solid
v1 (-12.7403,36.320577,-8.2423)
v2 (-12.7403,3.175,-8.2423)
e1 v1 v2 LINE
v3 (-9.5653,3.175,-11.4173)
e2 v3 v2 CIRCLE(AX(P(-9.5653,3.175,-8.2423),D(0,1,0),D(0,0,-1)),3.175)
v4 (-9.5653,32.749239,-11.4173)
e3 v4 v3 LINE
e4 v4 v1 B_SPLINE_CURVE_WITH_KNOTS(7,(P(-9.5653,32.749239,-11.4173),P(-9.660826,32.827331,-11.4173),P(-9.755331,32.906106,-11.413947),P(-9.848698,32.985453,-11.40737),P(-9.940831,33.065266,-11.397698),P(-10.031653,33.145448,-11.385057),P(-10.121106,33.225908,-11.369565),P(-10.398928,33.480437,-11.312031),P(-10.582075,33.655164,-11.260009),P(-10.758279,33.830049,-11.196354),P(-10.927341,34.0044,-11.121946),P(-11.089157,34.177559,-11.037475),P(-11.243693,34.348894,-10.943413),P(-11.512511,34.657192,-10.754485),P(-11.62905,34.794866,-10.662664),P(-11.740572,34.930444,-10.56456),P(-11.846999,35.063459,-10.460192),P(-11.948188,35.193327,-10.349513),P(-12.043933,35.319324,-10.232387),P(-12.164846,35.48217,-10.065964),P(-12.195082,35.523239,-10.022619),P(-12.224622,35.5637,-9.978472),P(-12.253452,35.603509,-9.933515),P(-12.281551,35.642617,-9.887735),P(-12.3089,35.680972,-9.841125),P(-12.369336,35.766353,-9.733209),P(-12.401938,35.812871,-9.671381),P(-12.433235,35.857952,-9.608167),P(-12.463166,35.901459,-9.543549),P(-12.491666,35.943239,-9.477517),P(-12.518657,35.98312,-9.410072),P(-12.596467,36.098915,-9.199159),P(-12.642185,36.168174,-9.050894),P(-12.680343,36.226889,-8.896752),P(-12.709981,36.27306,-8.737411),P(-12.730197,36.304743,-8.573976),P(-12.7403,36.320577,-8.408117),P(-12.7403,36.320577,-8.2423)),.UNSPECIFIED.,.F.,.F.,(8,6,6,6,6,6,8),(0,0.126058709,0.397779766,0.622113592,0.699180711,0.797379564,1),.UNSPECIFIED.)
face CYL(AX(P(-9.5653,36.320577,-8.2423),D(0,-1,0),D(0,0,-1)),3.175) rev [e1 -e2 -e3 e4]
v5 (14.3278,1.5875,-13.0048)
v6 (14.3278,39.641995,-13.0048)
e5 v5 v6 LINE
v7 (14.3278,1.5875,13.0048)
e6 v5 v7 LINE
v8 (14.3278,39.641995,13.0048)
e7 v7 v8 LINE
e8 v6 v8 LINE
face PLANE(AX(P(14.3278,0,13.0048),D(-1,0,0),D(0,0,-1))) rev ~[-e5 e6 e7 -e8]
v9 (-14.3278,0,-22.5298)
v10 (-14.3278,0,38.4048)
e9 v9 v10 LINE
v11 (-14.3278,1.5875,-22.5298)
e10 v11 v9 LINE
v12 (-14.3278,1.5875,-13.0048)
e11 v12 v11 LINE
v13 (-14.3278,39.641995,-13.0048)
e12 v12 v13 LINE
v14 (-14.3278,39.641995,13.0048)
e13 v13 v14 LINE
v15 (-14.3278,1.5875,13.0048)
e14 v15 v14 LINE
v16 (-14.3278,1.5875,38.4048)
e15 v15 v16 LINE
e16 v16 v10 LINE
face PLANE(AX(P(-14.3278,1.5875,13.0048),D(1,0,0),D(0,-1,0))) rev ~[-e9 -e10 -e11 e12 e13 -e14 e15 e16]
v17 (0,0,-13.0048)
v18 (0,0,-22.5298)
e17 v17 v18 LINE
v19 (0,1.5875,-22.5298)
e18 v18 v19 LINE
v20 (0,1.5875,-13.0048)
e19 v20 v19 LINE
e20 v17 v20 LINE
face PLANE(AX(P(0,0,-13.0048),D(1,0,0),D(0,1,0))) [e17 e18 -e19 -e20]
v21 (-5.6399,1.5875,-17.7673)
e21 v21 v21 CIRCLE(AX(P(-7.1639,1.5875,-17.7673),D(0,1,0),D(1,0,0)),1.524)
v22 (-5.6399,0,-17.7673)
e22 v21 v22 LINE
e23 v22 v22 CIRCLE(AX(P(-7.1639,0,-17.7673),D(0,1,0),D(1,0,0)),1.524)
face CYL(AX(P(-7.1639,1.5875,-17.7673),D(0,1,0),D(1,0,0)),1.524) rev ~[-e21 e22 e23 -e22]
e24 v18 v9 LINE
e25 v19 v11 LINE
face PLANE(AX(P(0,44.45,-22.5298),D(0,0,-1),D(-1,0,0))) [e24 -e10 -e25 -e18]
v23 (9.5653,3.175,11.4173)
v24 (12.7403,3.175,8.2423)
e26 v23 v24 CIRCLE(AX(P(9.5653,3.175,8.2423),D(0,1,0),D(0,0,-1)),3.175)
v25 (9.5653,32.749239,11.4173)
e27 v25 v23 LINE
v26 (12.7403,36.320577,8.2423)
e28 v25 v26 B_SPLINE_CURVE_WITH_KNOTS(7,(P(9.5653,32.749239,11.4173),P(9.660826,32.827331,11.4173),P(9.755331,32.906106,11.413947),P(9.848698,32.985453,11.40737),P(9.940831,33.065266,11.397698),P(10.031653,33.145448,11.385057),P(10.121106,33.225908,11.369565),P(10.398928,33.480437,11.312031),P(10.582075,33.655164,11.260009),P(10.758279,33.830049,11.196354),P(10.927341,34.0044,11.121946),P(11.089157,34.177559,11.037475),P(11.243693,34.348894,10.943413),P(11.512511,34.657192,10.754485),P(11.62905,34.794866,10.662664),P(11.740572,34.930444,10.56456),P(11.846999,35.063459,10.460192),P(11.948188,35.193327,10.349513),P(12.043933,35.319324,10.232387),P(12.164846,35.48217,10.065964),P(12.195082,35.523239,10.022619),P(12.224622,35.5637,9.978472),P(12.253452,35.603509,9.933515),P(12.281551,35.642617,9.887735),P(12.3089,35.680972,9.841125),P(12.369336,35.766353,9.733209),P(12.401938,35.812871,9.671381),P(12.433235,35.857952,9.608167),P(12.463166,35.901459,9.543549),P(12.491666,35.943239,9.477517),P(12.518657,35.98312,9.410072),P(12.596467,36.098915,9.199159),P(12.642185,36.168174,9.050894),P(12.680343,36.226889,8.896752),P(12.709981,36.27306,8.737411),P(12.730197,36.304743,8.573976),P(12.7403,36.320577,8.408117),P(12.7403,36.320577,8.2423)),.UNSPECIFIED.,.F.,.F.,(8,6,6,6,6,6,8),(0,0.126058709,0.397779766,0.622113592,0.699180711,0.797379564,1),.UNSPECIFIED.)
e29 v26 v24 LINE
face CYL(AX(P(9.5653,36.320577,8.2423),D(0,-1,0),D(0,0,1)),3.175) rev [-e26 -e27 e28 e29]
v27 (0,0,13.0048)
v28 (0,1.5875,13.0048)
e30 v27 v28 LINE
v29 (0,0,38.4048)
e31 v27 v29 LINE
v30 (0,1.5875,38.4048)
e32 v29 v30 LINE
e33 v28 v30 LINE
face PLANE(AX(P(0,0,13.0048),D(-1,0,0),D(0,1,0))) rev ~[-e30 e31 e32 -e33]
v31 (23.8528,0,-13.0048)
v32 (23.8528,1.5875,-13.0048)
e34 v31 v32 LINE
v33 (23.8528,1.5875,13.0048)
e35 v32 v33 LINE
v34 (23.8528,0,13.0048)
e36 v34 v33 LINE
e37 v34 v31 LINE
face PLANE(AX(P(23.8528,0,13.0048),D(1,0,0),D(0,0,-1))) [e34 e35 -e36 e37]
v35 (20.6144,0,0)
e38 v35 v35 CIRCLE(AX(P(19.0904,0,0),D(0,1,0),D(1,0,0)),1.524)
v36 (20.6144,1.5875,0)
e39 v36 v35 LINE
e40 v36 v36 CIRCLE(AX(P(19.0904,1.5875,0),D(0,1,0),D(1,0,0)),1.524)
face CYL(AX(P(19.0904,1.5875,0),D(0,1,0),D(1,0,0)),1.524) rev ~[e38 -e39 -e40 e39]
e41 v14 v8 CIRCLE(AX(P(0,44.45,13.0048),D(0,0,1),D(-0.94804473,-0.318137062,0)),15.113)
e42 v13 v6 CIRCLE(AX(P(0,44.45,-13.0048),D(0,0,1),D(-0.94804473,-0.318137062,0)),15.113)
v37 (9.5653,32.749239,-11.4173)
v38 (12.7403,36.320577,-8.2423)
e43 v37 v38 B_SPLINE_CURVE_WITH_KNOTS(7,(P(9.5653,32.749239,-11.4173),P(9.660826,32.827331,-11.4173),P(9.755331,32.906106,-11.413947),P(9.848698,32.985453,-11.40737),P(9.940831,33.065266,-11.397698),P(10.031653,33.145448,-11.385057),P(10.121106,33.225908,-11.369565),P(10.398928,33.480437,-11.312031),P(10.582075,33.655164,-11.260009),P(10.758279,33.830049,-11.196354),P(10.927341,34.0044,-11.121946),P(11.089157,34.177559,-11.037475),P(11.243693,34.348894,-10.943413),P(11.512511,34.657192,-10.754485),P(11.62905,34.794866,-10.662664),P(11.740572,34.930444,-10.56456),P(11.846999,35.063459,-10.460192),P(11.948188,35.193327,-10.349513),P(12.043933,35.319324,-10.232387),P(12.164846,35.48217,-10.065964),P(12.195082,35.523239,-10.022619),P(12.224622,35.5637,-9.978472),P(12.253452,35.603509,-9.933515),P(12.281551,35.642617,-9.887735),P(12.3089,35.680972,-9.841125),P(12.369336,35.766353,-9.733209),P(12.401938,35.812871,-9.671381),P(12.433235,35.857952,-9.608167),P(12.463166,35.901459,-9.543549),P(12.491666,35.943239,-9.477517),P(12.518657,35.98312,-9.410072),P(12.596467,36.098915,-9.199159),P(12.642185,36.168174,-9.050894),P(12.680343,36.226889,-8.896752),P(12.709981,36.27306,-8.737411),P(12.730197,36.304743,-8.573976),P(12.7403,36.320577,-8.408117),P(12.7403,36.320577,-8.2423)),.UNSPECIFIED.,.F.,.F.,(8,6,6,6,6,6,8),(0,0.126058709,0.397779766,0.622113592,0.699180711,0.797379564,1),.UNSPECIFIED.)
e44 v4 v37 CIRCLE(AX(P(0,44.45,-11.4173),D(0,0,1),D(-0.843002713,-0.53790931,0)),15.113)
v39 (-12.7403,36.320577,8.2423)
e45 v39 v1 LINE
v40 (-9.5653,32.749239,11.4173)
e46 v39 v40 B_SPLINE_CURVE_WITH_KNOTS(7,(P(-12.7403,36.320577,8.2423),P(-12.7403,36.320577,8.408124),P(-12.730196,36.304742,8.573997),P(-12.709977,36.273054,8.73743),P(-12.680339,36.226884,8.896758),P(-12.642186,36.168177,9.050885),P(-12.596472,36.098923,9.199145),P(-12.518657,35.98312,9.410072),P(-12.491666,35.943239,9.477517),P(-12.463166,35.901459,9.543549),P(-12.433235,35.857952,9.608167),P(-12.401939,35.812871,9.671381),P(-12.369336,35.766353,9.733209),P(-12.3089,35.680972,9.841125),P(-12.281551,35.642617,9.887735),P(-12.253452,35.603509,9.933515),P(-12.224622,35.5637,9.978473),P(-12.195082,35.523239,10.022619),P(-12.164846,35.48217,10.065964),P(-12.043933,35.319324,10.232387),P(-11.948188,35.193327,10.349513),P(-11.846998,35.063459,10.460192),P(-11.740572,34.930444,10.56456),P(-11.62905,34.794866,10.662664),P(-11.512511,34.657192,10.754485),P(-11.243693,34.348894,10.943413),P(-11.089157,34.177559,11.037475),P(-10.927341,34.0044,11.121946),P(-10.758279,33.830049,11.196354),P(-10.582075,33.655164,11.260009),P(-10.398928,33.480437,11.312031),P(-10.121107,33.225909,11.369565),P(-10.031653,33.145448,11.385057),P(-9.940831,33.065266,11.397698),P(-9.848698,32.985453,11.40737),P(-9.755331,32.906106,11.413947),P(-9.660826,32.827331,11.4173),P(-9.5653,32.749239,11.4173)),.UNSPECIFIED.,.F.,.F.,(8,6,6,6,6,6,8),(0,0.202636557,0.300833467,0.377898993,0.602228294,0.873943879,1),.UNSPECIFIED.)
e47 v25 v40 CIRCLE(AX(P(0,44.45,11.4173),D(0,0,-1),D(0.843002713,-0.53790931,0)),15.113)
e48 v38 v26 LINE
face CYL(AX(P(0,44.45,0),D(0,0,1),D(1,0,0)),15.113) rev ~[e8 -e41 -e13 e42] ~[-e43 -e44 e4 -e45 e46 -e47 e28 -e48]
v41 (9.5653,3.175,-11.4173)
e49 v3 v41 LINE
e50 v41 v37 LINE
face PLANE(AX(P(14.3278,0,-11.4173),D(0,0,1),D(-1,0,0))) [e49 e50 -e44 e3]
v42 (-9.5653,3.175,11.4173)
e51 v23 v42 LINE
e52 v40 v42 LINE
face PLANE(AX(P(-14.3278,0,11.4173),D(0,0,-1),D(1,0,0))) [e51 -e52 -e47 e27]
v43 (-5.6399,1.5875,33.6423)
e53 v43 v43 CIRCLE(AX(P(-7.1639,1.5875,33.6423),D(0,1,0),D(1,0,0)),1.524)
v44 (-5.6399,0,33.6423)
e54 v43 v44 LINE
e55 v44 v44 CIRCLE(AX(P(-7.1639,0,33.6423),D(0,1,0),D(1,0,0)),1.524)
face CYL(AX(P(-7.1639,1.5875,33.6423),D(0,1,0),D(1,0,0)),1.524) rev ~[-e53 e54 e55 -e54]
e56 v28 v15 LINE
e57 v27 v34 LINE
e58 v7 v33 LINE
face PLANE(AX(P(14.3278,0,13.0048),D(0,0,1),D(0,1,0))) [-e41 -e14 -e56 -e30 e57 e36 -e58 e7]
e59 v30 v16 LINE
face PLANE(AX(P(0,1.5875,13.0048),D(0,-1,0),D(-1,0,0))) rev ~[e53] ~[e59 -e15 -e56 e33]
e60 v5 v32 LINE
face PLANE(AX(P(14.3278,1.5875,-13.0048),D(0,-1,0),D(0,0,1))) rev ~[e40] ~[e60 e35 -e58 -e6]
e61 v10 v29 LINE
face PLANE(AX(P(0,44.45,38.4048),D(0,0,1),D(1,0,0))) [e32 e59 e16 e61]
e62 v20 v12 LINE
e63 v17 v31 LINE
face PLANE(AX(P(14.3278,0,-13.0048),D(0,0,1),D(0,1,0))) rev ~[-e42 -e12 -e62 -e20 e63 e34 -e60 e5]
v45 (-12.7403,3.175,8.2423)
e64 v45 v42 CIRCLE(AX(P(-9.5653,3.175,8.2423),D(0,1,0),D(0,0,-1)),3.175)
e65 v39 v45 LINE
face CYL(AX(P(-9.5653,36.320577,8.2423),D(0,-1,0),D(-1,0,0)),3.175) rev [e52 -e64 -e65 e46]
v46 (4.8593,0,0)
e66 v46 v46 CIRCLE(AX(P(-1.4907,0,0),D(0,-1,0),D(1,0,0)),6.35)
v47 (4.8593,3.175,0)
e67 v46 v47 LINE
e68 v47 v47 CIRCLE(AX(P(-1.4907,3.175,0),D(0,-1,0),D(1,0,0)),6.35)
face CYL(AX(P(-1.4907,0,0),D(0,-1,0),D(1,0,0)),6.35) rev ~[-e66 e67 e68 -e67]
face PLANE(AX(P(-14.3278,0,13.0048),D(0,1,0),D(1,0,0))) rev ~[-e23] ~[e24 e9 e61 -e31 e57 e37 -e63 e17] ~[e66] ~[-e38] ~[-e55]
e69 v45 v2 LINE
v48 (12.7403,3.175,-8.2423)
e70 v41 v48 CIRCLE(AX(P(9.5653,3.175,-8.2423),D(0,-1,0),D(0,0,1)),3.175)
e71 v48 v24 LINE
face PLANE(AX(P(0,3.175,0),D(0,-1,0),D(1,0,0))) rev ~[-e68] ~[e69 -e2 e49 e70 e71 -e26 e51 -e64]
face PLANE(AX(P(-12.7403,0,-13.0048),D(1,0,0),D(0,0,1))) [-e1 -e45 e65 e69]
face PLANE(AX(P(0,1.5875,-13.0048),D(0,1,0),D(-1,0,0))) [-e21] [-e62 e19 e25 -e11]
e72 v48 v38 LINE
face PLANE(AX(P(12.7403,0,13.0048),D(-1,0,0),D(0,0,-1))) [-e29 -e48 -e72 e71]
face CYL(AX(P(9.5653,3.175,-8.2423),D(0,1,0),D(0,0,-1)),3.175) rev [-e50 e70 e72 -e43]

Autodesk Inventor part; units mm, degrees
ref_plane "YZ Plane" through (0, 0, 0) normal (1, 0, 0) x (0, 1, 0)
ref_plane "XZ Plane" through (0, 0, 0) normal (0, 1, 0) x (-1, 0, 0)
ref_plane "XY Plane" through (0, 0, 0) normal (0, 0, 1) x (1, 0, 0)
sketch "Sketch1" plane through (0, 0, 0) normal (0, 1, 0) x (-1, 0, 0)
  line L0 (-14.3278, -13.0048) -> (14.3278, -13.0048)
  line L1 (14.3278, -13.0048) -> (14.3278, 13.0048)
  line L2 (14.3278, 13.0048) -> (-14.3278, 13.0048)
  line L3 (-14.3278, 13.0048) -> (-14.3278, -13.0048)
  line L4 (-14.3278, -13.0048) -> (14.3278, 13.0048) construction
  line L5 (14.3278, -13.0048) -> (-14.3278, 13.0048) construction
  point P0 (0, 0)
  dimension "d0" = 28.6557
  dimension "d1" = 26.0096
extrude "Extrusion1" add sketch "Sketch1" along normal blind 40.1371
shell "Shell1" thickness 1.5875 removed faces 2 at (4.7759, 0, 4.3349) at (4.7759, 40.1371, 4.3349)
sketch "Sketch2" plane through (0, 0, 0) normal (0, 0, 1) x (1, 0, 0)
  line L0 (0, 0) -> (0, 44.45)
  circle A0 centre (0, 44.45) radius 15.113
  dimension "d5" = 44.45
  dimension "d6" = 30.226
extrude "Extrusion2" cut sketch "Sketch2" along normal mid plane 39.1617
sketch "Sketch4" plane through (-14.3278, 0, -13.0048) normal (-1, 0, 0) x (0, 0, 1)
  line L0 (26.0096, 0) -> (26.0096, 39.6421) projected
  line L1 (0, 0) -> (26.0096, 0)
  line L2 (26.0096, 0) -> (26.0096, 3.175)
  line L3 (26.0096, 3.175) -> (0, 3.175)
  line L4 (0, 3.175) -> (0, 0)
  point P0 (13.0048, 0)
extrude "Extrusion4" [suppressed]
sketch "Sketch5" plane through (0, 0, 0) normal (0, -1, 0) x (1, 0, 0)
  line L0 (12.7403, 11.4173) -> (-12.7403, 11.4173)
  line L1 (-12.7403, 11.4173) -> (-12.7403, -11.4173)
  line L2 (-12.7403, -11.4173) -> (12.7403, -11.4173)
  line L3 (12.7403, -11.4173) -> (12.7403, 11.4173)
  point P0 (0, 0)
extrude "Extrusion5" add sketch "Sketch5" against normal blind 3.175
sketch "Sketch6" plane through (0, 0, 0) normal (0, -1, 0) x (1, 0, 0)
  line L0 (0, 0) -> (-1.4907, 0)
  circle A0 centre (-1.4907, 0) radius 6.35
  dimension "d22" = 1.4907
  dimension "d23" = 12.7
extrude "Extrusion6" cut sketch "Sketch6" against normal blind 3.175
fillet "Fillet1" radius 3.175 4 edges at (-12.7403, 19.7478, -11.4173) (-12.7403, 19.7478, 11.4173) (12.7403, 19.7478, 11.4173) (12.7403, 19.7478, -11.4173)
sketch "Sketch11" plane through (14.3278, 0, 13.0048) normal (1, 0, 0) x (0, 0, -1)
  line L0 (0, 0) -> (0, 39.6421) projected
  line L1 (26.0096, 0) -> (26.0096, 39.6421) projected
  line L2 (0, 0) -> (26.0096, 0)
  line L3 (26.0096, 0) -> (26.0096, 1.5875)
  line L4 (26.0096, 1.5875) -> (0, 1.5875)
  line L5 (0, 1.5875) -> (0, 0)
  point P0 (13.0048, 0)
  dimension "d36" = 1.5875
extrude "Extrusion11" add sketch "Sketch11" along normal blind 9.525
sketch "Sketch12" plane through (0, 44.45, -13.0048) normal (0, 0, -1) x (-1, 0, 0)
  line L0 (-23.8528, -44.45) -> (14.3278, -44.45) projected
  line L1 (0, -44.45) -> (0, -42.8625) projected
  line L2 (14.3278, -44.45) -> (0, -44.45)
  line L3 (0, -44.45) -> (0, -42.8625)
  line L4 (0, -42.8625) -> (14.3278, -42.8625)
  line L5 (14.3278, -42.8625) -> (14.3278, -44.45)
  dimension "d39" = 1.5875
extrude "Extrusion12" add sketch "Sketch12" along normal blind 9.525
sketch "Sketch13" plane through (0, 44.45, 13.0048) normal (0, 0, 1) x (1, 0, 0)
  point P0 (0, -44.45)
sketch "Sketch14" plane through (-14.3278, 0, 13.0048) normal (-1, 0, 0) x (0, 0, 1)
  point P0 (-13.0048, 0)
sketch "Sketch15" plane through (0, 44.45, 13.0048) normal (0, 0, 1) x (1, 0, 0)
  line L0 (-14.3278, -44.45) -> (23.8528, -44.45) projected
  line L1 (-14.3278, -44.45) -> (0, -44.45)
  line L2 (0, -44.45) -> (0, -42.8625)
  line L3 (0, -42.8625) -> (-14.3278, -42.8625)
  line L4 (-14.3278, -42.8625) -> (-14.3278, -44.45)
  point P0 (0, -44.45)
  dimension "d42" = 1.5875
extrude "Extrusion13" add sketch "Sketch15" along normal blind 25.4
sketch "Sketch16" plane through (-14.3278, 1.5875, -13.0048) normal (0, 1, 0) x (1, 0, 0)
  line L0 (14.3278, 0) -> (14.3278, 9.525) projected
  line L1 (0, -51.4096) -> (0, 9.525) projected
  line L2 (14.3278, 9.525) -> (0, 9.525) projected
  line L3 (14.3278, -26.0096) -> (14.3278, -51.4096) projected
  line L4 (38.1807, -26.0096) -> (38.1807, 0) projected
  line L5 (14.3278, -26.0096) -> (38.1807, -26.0096) projected
  line L6 (38.1807, 0) -> (14.3278, 0) projected
  line L7 (38.1807, 0) -> (33.4182, 0)
  circle A0 centre (7.1639, 4.7625) radius 1.524
  circle A1 centre (33.4182, -13.0048) radius 1.524
  circle A2 centre (7.1639, -46.6471) radius 1.524
  point P0 (14.3278, -13.0048)
  dimension "d45" = 4.7625
  dimension "d47" = 3.048
  dimension "d48" = 3.048
  dimension "d63" = 3.048
extrude "Extrusion14" cut sketch "Sketch16" against normal blind 25.4
properties part number "DPLX_P016_Spark_Gap_Camera_Shroud"
